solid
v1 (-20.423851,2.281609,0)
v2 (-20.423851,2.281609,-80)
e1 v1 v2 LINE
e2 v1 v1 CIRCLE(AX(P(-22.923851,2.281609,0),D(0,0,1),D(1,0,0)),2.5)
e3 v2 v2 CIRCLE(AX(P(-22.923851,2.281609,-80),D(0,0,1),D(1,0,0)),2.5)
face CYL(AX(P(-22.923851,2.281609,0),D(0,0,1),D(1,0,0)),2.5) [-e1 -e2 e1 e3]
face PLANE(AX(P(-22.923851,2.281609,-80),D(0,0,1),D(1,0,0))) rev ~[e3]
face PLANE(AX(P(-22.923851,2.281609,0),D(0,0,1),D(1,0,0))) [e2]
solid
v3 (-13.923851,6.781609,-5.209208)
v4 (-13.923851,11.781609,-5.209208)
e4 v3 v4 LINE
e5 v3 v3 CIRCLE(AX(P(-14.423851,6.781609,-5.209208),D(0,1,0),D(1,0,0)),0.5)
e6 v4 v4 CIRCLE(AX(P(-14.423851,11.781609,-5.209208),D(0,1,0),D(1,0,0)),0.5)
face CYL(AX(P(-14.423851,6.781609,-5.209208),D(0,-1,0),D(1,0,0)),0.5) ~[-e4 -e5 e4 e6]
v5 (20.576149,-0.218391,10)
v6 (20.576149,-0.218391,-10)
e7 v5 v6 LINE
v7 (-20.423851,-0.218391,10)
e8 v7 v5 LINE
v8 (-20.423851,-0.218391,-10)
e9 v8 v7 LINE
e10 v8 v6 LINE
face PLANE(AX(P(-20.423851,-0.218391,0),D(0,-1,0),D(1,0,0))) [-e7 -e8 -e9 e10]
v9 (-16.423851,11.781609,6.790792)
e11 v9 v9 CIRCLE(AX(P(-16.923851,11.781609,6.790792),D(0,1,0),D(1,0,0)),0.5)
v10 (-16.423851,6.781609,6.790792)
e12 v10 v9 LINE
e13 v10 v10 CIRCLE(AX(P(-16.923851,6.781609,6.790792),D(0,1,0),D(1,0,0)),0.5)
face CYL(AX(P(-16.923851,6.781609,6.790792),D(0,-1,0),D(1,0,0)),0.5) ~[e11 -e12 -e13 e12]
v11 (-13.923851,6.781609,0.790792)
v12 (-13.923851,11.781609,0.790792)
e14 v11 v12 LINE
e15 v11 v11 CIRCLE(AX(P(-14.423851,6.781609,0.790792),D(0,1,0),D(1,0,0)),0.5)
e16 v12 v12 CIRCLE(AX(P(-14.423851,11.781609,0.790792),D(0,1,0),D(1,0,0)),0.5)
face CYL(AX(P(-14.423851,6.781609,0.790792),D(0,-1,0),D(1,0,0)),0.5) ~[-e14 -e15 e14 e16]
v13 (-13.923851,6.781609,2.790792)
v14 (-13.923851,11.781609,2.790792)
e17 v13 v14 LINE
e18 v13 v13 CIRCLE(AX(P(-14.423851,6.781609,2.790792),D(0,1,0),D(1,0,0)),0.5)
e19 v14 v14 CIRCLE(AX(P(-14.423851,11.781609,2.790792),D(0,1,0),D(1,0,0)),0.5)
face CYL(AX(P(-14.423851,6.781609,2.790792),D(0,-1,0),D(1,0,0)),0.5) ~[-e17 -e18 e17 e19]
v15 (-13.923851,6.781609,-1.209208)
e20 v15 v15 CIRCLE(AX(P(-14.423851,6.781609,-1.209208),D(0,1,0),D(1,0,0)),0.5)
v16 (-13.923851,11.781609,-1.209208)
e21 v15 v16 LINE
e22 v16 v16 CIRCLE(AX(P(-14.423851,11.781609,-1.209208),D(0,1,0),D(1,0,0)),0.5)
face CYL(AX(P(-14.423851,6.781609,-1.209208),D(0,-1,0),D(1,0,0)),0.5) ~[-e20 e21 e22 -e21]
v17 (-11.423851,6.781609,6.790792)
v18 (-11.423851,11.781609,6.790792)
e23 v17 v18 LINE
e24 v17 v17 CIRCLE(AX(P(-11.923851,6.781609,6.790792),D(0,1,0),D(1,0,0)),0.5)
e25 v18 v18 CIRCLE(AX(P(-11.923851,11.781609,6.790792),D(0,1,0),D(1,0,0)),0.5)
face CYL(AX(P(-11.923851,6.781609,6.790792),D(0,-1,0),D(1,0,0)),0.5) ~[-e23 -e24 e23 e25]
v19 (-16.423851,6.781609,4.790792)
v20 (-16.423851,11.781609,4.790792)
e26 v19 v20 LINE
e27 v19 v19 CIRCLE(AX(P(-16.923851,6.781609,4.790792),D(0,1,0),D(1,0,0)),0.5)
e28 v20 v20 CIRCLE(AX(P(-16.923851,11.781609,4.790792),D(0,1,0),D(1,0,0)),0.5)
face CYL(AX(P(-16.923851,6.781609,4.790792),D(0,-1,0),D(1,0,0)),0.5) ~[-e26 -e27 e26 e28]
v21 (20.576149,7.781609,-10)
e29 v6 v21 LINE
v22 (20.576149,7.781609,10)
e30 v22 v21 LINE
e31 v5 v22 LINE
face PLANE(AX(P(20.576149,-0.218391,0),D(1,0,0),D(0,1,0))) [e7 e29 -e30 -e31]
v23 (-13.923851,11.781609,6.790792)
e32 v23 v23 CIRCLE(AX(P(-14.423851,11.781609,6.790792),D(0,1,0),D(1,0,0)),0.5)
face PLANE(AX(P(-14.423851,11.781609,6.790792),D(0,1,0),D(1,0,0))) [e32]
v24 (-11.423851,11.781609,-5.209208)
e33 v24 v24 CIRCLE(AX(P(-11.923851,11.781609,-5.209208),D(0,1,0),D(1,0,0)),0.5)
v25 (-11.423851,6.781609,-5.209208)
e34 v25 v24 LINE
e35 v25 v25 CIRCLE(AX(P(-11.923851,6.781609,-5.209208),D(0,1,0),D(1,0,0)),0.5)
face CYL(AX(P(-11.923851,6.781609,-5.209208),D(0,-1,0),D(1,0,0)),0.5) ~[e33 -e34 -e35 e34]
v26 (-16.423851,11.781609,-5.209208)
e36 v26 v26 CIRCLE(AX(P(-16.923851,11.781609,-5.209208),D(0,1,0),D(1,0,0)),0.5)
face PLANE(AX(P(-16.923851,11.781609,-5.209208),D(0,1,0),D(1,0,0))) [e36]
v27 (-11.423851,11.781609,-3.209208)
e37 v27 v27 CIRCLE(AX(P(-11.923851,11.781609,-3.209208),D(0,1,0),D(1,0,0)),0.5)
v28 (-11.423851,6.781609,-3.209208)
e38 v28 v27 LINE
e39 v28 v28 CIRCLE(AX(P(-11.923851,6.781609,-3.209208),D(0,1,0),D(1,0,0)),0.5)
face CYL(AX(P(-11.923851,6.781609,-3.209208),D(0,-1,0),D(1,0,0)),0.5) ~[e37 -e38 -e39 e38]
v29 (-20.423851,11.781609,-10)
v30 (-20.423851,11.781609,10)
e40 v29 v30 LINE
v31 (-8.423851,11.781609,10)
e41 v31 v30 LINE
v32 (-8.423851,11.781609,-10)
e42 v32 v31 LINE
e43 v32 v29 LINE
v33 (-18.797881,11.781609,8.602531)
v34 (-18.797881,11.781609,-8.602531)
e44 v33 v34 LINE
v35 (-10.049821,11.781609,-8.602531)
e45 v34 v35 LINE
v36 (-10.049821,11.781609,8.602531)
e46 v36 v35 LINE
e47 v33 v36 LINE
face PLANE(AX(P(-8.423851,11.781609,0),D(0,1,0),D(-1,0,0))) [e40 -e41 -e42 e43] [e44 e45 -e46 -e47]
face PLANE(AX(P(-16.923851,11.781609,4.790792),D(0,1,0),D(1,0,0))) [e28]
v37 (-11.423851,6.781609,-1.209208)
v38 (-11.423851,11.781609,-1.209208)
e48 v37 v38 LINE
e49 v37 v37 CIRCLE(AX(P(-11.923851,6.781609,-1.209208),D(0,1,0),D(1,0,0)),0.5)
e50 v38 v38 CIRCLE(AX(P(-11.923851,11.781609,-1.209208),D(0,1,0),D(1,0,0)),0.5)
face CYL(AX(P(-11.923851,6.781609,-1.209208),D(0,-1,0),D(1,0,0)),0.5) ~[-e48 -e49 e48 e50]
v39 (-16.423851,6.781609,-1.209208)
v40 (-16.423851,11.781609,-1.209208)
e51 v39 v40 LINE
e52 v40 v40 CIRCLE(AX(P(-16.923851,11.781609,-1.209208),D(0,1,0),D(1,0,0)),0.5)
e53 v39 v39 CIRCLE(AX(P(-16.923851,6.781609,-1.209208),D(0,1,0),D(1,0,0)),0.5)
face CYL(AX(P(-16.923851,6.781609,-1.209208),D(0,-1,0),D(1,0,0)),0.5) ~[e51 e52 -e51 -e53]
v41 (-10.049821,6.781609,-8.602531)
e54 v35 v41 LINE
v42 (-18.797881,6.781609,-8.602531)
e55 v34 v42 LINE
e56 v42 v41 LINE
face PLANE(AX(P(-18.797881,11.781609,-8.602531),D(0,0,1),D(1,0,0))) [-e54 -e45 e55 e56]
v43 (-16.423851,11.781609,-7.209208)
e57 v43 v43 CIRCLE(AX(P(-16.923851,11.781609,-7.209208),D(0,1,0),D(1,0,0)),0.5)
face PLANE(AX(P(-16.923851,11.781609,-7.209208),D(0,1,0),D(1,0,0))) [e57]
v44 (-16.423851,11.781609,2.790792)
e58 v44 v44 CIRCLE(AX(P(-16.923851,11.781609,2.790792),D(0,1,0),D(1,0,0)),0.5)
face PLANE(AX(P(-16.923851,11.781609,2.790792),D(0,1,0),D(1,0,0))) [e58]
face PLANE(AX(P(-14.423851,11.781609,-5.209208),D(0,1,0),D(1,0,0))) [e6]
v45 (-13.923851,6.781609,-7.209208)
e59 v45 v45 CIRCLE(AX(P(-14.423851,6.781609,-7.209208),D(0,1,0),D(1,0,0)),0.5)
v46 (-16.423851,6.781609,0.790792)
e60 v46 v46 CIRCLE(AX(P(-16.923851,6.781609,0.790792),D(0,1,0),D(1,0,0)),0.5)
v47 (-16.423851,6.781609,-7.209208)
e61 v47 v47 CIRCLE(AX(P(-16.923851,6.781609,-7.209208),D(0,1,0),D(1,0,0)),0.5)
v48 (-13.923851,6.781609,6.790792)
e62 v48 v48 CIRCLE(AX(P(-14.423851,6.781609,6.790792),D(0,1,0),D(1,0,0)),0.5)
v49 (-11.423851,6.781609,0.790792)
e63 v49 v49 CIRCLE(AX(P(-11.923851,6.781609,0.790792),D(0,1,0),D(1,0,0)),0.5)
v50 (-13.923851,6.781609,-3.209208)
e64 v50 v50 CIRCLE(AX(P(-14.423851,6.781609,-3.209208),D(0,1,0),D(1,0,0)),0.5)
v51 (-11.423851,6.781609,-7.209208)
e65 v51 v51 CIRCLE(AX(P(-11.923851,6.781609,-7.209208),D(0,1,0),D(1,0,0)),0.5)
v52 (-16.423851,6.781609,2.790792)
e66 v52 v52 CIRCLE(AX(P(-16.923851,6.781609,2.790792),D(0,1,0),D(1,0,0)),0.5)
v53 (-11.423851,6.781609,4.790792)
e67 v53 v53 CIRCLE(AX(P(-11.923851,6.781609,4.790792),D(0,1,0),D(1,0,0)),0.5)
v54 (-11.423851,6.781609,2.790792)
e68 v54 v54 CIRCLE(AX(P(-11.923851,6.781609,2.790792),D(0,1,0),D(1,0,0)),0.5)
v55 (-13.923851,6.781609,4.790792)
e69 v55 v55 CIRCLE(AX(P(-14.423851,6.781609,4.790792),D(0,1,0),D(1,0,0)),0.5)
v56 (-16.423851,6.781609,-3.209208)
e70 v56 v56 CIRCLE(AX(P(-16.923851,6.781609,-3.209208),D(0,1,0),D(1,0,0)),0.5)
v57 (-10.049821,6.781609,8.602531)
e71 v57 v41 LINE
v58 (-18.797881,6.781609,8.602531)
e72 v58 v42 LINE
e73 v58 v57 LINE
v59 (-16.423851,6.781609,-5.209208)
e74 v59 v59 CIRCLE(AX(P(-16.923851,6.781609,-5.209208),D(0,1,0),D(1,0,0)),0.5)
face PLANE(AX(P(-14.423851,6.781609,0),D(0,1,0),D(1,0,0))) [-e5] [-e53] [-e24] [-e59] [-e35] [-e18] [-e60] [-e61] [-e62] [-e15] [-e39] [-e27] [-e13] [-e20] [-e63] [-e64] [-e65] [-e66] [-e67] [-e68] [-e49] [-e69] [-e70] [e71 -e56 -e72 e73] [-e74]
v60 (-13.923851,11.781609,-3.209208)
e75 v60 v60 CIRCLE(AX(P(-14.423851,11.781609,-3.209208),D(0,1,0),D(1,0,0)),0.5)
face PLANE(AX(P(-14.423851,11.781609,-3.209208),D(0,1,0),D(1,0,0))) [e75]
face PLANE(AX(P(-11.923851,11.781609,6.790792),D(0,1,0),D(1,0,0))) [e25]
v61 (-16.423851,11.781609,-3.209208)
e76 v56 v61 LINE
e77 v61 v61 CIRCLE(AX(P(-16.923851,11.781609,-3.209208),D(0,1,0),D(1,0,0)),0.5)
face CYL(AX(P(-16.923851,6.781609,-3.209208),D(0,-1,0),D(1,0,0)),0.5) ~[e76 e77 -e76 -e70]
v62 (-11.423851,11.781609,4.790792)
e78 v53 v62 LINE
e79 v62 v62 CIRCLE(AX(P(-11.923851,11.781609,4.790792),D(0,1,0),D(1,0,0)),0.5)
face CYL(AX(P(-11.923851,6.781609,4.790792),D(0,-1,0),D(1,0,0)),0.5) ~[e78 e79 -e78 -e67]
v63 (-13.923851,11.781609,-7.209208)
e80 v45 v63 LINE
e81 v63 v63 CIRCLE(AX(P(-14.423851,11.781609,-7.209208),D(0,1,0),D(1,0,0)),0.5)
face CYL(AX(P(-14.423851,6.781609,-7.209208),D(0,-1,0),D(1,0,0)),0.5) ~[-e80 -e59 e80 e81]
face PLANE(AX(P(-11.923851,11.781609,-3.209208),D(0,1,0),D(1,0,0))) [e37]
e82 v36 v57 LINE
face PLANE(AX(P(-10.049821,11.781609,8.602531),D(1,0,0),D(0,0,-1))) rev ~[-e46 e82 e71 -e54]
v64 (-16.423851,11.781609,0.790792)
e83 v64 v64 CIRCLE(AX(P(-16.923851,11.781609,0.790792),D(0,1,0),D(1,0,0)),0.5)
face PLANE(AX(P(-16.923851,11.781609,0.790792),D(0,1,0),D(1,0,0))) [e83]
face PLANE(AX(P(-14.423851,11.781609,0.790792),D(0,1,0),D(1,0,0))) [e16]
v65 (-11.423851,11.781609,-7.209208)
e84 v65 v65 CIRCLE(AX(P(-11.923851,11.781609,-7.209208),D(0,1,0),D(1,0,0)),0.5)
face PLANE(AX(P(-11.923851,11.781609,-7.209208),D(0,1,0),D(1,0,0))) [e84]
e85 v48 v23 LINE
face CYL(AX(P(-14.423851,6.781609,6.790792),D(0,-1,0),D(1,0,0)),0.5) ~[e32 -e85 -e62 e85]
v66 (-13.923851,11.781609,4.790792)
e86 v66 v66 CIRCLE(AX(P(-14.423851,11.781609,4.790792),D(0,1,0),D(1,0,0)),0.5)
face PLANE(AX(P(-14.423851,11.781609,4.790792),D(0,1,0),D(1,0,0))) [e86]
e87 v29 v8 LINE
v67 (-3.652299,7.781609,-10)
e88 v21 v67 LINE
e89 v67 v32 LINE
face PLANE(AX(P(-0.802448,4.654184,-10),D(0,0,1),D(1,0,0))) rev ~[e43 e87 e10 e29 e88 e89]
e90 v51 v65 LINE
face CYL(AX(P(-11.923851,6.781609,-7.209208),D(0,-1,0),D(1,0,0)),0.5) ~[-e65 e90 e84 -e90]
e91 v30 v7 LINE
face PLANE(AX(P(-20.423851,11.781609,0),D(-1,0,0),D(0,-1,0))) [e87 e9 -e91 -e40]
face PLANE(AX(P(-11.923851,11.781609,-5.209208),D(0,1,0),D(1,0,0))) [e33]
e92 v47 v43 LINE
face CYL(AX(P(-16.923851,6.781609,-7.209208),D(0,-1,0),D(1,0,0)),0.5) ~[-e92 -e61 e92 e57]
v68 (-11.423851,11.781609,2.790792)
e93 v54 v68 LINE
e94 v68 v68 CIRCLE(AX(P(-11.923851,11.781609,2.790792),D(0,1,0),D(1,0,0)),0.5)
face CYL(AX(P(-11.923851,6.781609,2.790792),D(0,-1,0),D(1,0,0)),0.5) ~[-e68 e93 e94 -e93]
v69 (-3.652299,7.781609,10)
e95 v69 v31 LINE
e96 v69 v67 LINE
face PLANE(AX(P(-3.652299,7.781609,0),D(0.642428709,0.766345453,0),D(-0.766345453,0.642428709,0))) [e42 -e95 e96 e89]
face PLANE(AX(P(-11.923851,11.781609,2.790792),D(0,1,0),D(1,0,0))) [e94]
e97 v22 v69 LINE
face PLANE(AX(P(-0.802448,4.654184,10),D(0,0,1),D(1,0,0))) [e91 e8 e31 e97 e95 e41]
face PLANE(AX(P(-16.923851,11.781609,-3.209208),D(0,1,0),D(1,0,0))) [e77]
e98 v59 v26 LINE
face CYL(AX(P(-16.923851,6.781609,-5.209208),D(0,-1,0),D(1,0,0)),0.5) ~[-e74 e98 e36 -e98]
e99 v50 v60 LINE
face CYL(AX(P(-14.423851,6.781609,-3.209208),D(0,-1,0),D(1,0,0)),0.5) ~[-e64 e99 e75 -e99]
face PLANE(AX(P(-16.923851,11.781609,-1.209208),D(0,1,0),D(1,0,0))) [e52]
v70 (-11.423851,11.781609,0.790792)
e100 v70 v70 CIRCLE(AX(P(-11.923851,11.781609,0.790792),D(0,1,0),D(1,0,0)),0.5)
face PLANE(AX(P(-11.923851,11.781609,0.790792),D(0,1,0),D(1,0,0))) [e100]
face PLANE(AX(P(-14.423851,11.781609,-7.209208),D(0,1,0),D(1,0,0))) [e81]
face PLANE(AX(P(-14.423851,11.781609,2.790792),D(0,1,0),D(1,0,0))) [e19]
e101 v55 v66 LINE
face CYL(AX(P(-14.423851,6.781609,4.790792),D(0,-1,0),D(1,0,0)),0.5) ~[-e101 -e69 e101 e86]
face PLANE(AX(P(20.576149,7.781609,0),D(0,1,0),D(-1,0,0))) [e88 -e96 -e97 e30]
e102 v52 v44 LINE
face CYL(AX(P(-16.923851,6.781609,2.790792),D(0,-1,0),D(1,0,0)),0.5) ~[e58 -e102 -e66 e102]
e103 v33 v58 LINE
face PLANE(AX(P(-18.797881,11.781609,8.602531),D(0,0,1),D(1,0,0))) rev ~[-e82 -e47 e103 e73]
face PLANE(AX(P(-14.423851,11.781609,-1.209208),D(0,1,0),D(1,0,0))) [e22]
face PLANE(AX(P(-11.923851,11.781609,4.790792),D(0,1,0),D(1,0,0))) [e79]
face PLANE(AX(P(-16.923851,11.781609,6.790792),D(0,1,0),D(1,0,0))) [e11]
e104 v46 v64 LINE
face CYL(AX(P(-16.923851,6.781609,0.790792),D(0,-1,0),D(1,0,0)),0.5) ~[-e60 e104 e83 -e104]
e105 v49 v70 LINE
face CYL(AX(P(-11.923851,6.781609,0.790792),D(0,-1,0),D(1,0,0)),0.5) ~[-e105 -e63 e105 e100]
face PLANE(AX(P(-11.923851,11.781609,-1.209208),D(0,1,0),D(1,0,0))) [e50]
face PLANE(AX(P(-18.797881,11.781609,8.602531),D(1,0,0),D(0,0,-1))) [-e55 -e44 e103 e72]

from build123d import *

# Parameters (mm, degrees)
BOSS_EXTRUDE1_DEPTH      = 10
BOSS_EXTRUDE1_DEPTH_BACK = 10
SKETCH4_W                = 8.748060076
SKETCH4_H                = 17.205061568
CUT_EXTRUDE1_DEPTH       = 5
SKETCH5_R                = 0.5
BOSS_EXTRUDE2_DEPTH      = 5
SKETCH6_R                = 2.5
BOSS_EXTRUDE3_DEPTH      = 80


with BuildPart() as part:
    # Sketch2 → Boss-Extrude1 (new, two sides: drawn at the far end of the back side and taken through both)
    with BuildSketch(Plane.XY.offset(-BOSS_EXTRUDE1_DEPTH_BACK)):
        Polygon((-3.652298851, 7.781609195), (-8.423850575, 11.781609195), (-20.423850575, 11.781609195), (-20.423850575, -0.218390805), (20.576149425, -0.218390805), (20.576149425, 7.781609195), align=None)
    extrude(amount=BOSS_EXTRUDE1_DEPTH + BOSS_EXTRUDE1_DEPTH_BACK)

    # Sketch4 → Cut-Extrude1 (cut)
    with BuildSketch(Plane(origin=(0, 11.781609195, 0), x_dir=(1, 0, 0), z_dir=(0, 1, 0))):
        with Locations((-14.423850575, 0)):
            Rectangle(SKETCH4_W, SKETCH4_H)
    extrude(amount=-CUT_EXTRUDE1_DEPTH, mode=Mode.SUBTRACT)

    # Sketch5 → Boss-Extrude2 (add)
    with BuildSketch(Plane(origin=(0, 6.781609195, 0), x_dir=(1, 0, 0), z_dir=(0, 1, 0))):
        with Locations((-16.923850575, 7.209208351)):
            Circle(SKETCH5_R)
        with Locations((-14.423850575, 7.209208351)):
            Circle(SKETCH5_R)
        with Locations((-11.923850575, 7.209208351)):
            Circle(SKETCH5_R)
        with Locations((-16.923850575, 5.209208351)):
            Circle(SKETCH5_R)
        with Locations((-11.923850575, 5.209208351)):
            Circle(SKETCH5_R)
        with Locations((-14.423850575, 5.209208351)):
            Circle(SKETCH5_R)
        with Locations((-16.923850575, 3.209208351)):
            Circle(SKETCH5_R)
        with Locations((-11.923850575, 3.209208351)):
            Circle(SKETCH5_R)
        with Locations((-14.423850575, 3.209208351)):
            Circle(SKETCH5_R)
        with Locations((-16.923850575, 1.209208351)):
            Circle(SKETCH5_R)
        with Locations((-11.923850575, 1.209208351)):
            Circle(SKETCH5_R)
        with Locations((-14.423850575, 1.209208351)):
            Circle(SKETCH5_R)
        with Locations((-16.923850575, -0.790791649)):
            Circle(SKETCH5_R)
        with Locations((-11.923850575, -0.790791649)):
            Circle(SKETCH5_R)
        with Locations((-14.423850575, -0.790791649)):
            Circle(SKETCH5_R)
        with Locations((-16.923850575, -2.790791649)):
            Circle(SKETCH5_R)
        with Locations((-11.923850575, -2.790791649)):
            Circle(SKETCH5_R)
        with Locations((-14.423850575, -2.790791649)):
            Circle(SKETCH5_R)
        with Locations((-16.923850575, -4.790791649)):
            Circle(SKETCH5_R)
        with Locations((-11.923850575, -4.790791649)):
            Circle(SKETCH5_R)
        with Locations((-14.423850575, -4.790791649)):
            Circle(SKETCH5_R)
        with Locations((-16.923850575, -6.790791649)):
            Circle(SKETCH5_R)
        with Locations((-11.923850575, -6.790791649)):
            Circle(SKETCH5_R)
        with Locations((-14.423850575, -6.790791649)):
            Circle(SKETCH5_R)
    extrude(amount=BOSS_EXTRUDE2_DEPTH)


with BuildPart() as body_2:
    # Sketch6 → Boss-Extrude3 (new body)
    with BuildSketch(Plane.XY):
        with Locations((-22.923850575, 2.281609195)):
            Circle(SKETCH6_R)
    extrude(amount=-BOSS_EXTRUDE3_DEPTH)


solid = Compound([part.part, body_2.part])
